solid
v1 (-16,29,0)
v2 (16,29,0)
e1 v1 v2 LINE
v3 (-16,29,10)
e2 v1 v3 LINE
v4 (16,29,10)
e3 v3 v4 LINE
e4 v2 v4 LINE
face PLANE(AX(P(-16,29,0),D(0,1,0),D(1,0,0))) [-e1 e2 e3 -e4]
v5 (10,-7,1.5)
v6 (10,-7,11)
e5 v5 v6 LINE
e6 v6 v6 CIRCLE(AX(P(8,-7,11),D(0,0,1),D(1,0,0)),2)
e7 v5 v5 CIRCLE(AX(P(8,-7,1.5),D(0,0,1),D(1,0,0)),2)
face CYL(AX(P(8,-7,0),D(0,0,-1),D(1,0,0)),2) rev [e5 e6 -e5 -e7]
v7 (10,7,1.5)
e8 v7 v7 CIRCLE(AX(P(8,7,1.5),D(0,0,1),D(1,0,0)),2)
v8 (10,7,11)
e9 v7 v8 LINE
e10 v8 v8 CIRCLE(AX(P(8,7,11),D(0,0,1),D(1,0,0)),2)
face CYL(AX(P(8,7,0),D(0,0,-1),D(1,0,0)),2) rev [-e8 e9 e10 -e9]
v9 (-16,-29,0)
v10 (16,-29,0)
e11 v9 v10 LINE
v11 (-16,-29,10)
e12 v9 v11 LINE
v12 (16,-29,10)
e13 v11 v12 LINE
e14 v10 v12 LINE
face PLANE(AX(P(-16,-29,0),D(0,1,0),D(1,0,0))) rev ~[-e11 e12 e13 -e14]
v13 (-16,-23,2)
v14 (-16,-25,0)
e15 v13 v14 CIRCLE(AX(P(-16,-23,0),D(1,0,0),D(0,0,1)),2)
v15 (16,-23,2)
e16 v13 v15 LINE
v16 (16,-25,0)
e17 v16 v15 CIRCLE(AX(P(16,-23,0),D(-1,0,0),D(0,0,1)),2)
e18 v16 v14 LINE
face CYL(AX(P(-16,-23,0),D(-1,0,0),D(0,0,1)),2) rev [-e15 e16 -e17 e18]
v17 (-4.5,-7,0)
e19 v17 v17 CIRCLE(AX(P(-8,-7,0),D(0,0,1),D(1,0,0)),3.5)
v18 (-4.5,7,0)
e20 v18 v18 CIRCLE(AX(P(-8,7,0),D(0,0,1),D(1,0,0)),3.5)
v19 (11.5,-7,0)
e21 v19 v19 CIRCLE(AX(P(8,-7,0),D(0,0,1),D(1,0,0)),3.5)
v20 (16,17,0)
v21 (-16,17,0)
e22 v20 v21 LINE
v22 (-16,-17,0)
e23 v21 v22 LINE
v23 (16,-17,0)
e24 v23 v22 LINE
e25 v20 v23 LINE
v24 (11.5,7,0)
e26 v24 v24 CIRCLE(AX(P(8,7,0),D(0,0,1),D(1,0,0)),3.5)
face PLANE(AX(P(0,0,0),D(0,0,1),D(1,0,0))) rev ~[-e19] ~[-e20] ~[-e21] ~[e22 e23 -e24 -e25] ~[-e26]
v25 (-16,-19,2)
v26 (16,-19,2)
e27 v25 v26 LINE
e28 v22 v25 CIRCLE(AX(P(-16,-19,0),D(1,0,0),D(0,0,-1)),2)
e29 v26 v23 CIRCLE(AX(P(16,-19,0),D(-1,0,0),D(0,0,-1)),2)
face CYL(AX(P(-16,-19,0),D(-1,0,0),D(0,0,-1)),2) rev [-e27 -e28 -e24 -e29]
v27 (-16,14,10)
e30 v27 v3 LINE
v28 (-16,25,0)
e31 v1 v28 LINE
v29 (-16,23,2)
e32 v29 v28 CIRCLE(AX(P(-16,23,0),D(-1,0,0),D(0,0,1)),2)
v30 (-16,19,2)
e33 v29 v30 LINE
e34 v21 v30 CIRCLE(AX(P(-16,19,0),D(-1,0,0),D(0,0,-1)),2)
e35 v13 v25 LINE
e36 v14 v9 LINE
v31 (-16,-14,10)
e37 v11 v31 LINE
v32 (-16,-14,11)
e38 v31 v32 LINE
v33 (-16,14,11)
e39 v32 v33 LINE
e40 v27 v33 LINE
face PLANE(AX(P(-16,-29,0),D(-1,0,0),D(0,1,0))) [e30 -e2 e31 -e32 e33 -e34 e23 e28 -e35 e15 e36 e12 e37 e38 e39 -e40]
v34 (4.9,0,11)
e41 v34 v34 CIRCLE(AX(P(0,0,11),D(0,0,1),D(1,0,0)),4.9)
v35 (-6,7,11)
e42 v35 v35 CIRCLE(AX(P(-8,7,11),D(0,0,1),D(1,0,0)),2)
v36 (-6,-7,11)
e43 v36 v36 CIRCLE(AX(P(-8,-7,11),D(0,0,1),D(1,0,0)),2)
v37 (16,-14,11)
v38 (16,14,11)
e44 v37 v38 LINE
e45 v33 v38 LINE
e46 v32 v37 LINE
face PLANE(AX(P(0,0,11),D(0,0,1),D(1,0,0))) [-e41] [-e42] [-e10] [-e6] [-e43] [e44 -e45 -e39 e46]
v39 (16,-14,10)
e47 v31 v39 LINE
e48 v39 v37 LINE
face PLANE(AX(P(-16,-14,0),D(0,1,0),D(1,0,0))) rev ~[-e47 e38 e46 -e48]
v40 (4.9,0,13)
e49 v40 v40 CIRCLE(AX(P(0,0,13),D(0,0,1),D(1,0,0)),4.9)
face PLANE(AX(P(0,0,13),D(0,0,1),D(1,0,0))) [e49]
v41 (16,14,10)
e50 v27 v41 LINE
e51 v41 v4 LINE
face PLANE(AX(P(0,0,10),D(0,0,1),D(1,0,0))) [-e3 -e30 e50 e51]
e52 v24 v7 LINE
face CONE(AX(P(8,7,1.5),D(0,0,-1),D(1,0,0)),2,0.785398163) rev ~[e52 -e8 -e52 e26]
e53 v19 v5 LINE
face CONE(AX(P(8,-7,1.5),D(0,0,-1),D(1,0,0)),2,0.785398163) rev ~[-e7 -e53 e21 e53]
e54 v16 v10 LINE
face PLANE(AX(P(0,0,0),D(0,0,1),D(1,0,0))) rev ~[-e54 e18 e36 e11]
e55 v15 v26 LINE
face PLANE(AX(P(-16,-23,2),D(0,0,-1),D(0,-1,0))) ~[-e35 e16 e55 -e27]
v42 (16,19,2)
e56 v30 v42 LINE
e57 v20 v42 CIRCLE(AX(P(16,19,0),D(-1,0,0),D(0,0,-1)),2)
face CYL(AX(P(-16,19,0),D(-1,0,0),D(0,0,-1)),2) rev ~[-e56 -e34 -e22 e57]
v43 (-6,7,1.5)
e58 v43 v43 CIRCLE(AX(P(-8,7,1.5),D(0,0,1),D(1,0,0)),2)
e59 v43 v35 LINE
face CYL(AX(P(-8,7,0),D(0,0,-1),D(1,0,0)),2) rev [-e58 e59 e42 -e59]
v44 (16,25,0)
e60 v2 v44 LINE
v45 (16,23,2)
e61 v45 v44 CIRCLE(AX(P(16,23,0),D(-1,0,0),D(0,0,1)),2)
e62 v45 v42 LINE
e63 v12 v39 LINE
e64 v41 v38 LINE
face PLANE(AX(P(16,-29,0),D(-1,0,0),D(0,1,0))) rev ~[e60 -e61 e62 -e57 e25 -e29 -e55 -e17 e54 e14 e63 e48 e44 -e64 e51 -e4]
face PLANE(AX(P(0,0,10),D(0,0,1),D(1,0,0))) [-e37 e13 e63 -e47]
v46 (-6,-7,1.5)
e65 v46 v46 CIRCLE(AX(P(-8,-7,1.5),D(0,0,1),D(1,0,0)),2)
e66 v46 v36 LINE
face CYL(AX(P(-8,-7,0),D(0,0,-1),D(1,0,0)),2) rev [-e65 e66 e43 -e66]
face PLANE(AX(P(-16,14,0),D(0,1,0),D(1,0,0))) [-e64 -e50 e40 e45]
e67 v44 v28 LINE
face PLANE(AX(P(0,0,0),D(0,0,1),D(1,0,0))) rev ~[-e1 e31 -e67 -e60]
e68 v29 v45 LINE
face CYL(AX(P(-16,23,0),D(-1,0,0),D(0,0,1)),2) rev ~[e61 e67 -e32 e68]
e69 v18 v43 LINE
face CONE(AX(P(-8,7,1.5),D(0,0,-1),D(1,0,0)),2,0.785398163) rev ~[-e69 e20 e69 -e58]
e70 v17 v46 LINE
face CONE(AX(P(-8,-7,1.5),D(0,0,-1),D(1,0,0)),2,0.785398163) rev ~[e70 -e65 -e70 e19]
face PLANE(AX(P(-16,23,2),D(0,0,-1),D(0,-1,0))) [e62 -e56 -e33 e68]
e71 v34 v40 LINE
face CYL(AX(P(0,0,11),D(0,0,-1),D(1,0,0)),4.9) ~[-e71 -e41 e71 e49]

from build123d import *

# Parameters (mm, degrees)
SKETCH_W      = 32
SKETCH_H      = 28
SKETCH_R      = 2
PAD_DEPTH     = 11
SKETCH001_R   = 4.9
PAD001_DEPTH  = 2
SKETCH002_W   = 32
SKETCH002_H   = 58
SKETCH002_W_2 = 25.648531
SKETCH002_H_2 = 22.342523
PAD002_DEPTH  = 10
POCKET_DEPTH  = 167.012111
CHAMFER_SIZE  = 1.5


with BuildPart() as part:
    # Sketch → Pad (new body)
    with BuildSketch(Plane.XY):
        Rectangle(SKETCH_W, SKETCH_H)
        with Locations((8, 7)):
            Circle(SKETCH_R, mode=Mode.SUBTRACT)
        with Locations((8, -7)):
            Circle(SKETCH_R, mode=Mode.SUBTRACT)
        with Locations((-8, -7)):
            Circle(SKETCH_R, mode=Mode.SUBTRACT)
        with Locations((-8, 7)):
            Circle(SKETCH_R, mode=Mode.SUBTRACT)
    extrude(amount=PAD_DEPTH)

    # Sketch001 (on Face10 of Pad) → Pad001 (join)
    with BuildSketch(Plane.XY.offset(11)):
        Circle(SKETCH001_R)
    extrude(amount=PAD001_DEPTH)

    # Sketch002 → Pad002 (join)
    with BuildSketch(Plane.XY):
        Rectangle(SKETCH002_W, SKETCH002_H)
        with Locations((-0.824266, 0.828739)):
            Rectangle(SKETCH002_W_2, SKETCH002_H_2, mode=Mode.SUBTRACT)
    extrude(amount=PAD002_DEPTH)

    # Sketch003 (on Face15 of Pad002) → Pocket (cut, through all)
    with BuildSketch(Plane(origin=(-16, 0, 0), x_dir=(0, -1, 0), z_dir=(-1, 0, 0))):
        with BuildLine():
            ThreePointArc((-23, 2), (-25, 0), (-23, -2))
            Line((-23, -2), (-19, -2))
            ThreePointArc((-19, -2), (-17, 0), (-19, 2))
            Line((-23, 2), (-19, 2))
        make_face()
    pocket = extrude(amount=-POCKET_DEPTH, mode=Mode.SUBTRACT)

    # Mirrored: Pocket across XZ
    add(pocket.mirror(Plane.XZ), mode=Mode.SUBTRACT)

    # Chamfer
    chamfer_edges = [part.edges().sort_by_distance(p)[0] for p in [
        (-10, 7, 0),
        (6, 7, 0),
        (6, -7, 0),
        (-10, -7, 0),
    ]]
    chamfer(chamfer_edges, length=CHAMFER_SIZE)


solid = part.part
